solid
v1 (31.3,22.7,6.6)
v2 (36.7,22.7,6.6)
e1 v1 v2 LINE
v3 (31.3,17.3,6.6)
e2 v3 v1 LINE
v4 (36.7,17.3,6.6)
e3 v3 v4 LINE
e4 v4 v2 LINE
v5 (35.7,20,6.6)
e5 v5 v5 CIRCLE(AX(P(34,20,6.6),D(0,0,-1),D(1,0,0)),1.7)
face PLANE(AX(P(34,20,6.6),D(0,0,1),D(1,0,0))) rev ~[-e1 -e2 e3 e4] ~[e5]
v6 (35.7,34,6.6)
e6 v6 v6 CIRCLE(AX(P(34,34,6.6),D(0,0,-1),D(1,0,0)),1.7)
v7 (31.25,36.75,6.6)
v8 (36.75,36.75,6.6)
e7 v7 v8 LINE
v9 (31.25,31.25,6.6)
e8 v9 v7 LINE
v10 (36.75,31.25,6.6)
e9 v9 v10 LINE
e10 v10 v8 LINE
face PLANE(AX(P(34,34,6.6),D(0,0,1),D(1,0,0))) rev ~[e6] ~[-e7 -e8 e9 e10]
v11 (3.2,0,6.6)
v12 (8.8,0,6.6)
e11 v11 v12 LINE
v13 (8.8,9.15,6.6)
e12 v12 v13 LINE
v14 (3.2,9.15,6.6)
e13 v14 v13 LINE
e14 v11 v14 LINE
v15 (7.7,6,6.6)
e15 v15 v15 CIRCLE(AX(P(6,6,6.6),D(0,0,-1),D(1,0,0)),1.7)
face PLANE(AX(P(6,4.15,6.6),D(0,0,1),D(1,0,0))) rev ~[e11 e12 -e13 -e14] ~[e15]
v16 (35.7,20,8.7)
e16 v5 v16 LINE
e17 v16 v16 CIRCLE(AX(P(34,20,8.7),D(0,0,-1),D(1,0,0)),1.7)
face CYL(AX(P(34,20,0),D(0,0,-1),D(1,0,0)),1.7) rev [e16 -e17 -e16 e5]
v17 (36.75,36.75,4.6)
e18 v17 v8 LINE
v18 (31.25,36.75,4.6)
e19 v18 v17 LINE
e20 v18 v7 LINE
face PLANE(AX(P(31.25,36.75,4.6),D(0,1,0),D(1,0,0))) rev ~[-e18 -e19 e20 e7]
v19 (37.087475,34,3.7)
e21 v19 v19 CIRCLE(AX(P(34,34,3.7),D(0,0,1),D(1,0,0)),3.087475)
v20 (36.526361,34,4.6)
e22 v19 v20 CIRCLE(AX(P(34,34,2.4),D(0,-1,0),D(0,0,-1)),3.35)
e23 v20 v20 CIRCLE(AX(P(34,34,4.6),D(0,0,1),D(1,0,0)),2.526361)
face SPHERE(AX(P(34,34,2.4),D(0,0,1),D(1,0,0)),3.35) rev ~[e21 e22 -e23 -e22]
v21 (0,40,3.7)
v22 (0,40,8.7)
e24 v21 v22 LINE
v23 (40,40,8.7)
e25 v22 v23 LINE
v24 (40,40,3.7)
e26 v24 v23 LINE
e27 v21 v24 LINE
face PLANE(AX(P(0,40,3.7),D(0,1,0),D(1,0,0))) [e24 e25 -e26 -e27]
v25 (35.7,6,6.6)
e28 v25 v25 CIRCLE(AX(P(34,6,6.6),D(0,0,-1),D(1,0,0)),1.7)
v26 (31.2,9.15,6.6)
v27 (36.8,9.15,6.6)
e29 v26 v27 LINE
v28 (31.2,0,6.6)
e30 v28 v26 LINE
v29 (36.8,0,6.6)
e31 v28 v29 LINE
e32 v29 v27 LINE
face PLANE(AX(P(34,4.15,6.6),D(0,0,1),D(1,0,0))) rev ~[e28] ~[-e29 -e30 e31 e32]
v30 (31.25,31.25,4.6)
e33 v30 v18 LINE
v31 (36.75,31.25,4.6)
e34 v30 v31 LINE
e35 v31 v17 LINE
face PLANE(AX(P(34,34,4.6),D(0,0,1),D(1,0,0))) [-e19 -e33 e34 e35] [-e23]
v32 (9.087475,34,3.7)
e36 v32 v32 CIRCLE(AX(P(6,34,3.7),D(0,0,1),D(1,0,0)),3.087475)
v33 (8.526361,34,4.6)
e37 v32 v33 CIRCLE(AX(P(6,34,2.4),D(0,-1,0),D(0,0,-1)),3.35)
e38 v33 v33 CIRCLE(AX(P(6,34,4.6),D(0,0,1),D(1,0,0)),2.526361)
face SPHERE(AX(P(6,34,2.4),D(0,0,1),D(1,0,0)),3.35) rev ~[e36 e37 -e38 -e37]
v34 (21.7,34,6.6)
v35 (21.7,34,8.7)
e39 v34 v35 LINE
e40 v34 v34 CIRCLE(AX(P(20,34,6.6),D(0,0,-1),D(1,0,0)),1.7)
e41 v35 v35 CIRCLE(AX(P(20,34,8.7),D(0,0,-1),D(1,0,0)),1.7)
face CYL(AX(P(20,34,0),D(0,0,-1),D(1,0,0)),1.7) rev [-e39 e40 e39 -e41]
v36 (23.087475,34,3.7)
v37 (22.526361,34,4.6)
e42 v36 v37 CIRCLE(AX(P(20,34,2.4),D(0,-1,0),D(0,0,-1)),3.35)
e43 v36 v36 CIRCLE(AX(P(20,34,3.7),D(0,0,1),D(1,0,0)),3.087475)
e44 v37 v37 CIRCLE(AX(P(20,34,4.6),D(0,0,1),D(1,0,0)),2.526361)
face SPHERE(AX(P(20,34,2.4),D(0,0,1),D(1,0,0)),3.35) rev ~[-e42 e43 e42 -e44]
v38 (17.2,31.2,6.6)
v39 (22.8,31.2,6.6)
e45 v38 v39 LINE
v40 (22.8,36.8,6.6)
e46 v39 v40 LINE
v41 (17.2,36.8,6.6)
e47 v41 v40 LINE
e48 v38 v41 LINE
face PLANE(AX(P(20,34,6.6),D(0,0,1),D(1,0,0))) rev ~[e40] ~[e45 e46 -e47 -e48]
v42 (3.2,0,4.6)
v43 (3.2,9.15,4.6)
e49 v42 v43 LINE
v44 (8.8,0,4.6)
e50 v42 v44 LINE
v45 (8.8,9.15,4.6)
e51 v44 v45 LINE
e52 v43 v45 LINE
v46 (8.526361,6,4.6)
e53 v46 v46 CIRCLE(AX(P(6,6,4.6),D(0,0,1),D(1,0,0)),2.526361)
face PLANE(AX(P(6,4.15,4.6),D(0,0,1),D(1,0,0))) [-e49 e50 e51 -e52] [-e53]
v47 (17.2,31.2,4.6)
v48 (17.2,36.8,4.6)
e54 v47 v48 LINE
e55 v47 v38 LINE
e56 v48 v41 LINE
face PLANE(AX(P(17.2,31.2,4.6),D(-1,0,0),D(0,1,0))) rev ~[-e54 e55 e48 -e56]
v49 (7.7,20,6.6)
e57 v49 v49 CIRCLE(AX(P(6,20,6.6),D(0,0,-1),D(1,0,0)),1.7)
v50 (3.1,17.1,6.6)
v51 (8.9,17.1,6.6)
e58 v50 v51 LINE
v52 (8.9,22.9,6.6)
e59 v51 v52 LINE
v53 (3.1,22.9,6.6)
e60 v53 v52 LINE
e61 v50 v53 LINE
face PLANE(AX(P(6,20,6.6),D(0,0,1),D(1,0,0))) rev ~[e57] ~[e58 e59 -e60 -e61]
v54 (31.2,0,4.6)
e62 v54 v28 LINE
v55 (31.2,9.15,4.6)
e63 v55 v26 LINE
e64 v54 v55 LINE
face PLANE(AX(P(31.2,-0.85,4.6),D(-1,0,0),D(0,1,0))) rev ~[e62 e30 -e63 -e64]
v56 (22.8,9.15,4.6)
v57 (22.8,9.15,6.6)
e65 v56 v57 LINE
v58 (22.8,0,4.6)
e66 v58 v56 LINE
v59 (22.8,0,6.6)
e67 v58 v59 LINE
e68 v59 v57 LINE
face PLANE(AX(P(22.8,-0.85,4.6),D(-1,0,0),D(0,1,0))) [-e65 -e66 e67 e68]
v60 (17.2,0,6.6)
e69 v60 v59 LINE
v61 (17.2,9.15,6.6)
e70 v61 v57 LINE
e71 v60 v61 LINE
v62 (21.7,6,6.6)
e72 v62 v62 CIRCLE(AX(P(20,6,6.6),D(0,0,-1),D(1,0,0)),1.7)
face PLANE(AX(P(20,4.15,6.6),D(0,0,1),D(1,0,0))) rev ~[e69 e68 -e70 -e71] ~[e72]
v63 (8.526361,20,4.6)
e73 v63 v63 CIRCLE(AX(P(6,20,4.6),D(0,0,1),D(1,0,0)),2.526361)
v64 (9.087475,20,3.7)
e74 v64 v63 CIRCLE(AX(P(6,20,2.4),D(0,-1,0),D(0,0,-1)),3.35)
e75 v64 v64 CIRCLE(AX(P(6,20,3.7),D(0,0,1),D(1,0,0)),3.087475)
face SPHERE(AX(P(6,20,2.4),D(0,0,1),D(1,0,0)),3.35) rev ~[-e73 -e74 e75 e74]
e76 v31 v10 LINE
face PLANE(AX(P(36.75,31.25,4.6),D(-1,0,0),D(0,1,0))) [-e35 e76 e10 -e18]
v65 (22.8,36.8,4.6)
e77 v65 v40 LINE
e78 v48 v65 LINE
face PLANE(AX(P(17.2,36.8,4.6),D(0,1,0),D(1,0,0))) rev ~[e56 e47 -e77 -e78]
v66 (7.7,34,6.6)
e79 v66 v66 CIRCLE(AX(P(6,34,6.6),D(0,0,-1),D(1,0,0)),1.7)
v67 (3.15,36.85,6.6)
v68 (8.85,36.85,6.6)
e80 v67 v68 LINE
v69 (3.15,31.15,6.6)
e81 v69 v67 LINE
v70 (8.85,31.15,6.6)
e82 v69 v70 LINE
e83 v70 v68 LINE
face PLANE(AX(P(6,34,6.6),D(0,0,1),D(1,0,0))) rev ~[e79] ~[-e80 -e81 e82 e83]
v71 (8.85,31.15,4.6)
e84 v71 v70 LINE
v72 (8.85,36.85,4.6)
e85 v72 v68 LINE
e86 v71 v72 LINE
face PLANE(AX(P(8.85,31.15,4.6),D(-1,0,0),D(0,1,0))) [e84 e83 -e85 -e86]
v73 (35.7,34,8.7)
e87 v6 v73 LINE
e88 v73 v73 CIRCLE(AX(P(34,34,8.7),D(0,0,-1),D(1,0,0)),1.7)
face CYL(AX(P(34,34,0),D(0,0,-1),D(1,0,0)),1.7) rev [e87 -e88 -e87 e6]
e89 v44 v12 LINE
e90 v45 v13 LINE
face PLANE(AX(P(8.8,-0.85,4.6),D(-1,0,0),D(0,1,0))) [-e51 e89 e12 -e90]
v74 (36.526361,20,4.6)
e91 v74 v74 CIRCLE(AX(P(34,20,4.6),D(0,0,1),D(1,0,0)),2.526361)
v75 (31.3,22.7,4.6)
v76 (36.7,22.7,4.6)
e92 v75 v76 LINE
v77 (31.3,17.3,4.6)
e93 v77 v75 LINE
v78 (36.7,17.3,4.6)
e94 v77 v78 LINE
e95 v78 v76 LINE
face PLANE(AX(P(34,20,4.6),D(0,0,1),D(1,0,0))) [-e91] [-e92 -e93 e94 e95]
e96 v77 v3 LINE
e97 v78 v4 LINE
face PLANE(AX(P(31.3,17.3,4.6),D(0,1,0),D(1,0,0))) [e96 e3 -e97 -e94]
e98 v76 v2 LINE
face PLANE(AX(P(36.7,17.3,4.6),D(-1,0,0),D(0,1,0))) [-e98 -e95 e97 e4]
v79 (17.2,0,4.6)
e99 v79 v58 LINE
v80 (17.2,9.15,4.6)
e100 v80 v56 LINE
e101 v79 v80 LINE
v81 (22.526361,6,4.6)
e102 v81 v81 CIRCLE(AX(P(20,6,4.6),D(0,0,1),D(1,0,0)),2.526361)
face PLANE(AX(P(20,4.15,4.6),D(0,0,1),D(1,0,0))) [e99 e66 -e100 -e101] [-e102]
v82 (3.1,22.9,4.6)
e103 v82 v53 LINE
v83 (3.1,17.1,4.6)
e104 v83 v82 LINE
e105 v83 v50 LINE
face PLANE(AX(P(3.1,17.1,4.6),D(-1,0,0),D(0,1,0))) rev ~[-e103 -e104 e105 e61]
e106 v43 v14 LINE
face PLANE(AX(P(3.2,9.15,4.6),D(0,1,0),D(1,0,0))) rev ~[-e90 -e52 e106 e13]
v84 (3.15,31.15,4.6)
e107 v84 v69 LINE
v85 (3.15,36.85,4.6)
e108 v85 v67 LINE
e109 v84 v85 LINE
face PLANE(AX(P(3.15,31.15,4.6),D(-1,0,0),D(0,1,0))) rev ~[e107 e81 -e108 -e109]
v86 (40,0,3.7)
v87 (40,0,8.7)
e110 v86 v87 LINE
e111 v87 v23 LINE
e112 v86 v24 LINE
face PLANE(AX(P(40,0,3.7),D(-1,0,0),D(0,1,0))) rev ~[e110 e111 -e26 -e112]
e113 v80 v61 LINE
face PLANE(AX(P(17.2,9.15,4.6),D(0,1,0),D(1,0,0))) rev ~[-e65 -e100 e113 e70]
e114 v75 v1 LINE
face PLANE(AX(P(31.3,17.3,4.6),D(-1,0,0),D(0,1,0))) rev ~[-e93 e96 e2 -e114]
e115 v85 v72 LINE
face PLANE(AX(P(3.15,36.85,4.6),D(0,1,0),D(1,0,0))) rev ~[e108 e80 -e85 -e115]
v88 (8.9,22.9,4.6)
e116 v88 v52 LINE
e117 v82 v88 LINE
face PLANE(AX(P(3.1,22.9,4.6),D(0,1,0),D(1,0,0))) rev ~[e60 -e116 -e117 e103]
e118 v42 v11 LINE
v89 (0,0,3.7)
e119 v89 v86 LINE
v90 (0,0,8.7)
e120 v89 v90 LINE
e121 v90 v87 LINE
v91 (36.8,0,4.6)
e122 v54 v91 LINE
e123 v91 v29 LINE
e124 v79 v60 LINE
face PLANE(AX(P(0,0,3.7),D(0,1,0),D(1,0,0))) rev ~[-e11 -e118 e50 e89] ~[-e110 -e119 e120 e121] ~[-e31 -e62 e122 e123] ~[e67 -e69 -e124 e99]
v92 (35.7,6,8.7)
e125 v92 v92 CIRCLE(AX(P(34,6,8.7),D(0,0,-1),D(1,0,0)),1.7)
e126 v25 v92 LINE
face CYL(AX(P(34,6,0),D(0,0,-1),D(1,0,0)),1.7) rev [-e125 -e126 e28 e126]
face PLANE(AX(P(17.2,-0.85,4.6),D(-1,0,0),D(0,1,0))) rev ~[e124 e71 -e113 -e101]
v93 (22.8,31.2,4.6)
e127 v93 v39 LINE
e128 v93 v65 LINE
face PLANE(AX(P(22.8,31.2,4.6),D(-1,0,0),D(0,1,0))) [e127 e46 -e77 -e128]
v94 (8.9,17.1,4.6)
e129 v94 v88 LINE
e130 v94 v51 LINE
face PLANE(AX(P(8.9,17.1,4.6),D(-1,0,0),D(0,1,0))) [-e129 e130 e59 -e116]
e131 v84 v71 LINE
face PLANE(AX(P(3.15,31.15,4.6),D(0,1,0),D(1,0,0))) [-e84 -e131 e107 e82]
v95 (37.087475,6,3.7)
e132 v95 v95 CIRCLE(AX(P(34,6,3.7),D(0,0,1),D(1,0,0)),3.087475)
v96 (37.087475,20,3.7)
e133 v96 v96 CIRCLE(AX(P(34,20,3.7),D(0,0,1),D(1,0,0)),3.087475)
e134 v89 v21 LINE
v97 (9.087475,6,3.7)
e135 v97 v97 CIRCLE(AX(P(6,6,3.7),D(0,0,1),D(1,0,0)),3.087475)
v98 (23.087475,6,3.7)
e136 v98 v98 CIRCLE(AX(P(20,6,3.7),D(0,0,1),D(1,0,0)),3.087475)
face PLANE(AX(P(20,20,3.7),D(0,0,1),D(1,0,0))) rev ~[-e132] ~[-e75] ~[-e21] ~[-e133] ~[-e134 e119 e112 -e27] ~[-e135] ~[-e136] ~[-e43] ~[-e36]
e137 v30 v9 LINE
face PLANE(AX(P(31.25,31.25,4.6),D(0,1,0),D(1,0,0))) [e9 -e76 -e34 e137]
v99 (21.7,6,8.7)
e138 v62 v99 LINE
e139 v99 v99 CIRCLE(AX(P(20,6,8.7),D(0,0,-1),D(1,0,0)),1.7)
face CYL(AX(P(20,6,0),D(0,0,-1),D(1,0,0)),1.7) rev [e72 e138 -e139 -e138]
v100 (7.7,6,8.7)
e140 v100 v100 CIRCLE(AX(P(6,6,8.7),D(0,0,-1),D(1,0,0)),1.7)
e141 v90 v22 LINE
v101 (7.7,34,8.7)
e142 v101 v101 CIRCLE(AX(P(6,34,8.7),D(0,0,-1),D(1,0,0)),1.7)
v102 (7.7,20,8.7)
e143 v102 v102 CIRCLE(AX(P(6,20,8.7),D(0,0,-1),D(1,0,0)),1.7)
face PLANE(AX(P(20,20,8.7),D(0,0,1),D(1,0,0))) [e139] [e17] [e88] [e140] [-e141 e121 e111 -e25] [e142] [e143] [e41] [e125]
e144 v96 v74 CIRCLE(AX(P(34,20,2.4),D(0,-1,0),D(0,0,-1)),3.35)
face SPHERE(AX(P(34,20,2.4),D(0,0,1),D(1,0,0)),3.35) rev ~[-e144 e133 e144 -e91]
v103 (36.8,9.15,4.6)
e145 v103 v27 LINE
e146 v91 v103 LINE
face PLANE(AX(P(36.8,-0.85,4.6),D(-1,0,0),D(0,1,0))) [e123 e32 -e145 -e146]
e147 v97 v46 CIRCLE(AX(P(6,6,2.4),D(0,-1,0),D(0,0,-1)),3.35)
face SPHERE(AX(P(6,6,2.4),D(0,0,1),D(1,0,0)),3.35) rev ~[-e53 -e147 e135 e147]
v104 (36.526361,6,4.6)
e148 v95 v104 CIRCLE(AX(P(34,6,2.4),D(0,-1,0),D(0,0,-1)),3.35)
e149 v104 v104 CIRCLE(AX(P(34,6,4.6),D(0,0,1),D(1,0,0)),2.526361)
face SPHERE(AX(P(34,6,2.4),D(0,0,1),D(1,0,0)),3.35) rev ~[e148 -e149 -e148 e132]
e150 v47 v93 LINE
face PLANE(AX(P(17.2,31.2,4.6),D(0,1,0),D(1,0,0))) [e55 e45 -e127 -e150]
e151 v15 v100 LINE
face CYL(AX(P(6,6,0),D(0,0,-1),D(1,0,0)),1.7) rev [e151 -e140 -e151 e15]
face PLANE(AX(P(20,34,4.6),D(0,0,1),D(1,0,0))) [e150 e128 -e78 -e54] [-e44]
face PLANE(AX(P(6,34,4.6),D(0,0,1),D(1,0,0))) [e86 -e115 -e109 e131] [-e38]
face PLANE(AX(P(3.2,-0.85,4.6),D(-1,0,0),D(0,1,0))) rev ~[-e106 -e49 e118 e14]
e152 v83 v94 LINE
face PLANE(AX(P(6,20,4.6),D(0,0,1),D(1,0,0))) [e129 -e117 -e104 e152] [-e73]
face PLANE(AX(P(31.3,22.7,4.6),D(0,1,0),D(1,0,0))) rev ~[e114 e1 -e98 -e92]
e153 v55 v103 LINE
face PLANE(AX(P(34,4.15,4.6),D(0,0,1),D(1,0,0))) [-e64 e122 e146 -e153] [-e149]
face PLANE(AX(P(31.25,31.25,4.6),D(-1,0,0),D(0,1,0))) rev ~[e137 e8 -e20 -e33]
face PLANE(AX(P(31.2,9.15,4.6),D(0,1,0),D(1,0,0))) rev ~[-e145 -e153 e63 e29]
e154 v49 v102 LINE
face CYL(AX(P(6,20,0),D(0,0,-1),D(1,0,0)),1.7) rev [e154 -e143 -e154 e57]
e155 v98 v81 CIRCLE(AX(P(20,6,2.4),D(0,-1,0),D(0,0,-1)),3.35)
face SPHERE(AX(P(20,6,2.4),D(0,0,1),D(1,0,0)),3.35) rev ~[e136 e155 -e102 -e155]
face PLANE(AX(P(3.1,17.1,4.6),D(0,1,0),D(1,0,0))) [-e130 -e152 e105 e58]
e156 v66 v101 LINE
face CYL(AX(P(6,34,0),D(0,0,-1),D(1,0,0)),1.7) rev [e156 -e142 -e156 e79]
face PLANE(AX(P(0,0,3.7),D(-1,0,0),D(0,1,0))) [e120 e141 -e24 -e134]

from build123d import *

# Parameters (mm, degrees)
CYLINDER004_R     = 1.7
CYLINDER004_DEPTH = 10
CYLINDER007_R     = 1.7
CYLINDER007_DEPTH = 10
CYLINDER005_R     = 1.7
CYLINDER005_DEPTH = 10
CYLINDER006_R     = 1.7
CYLINDER006_DEPTH = 10
CYLINDER001_R     = 1.7
CYLINDER001_DEPTH = 10
CYLINDER002_R     = 1.7
CYLINDER002_DEPTH = 10
CYLINDER003_R     = 1.7
CYLINDER003_DEPTH = 10
CYLINDER_R        = 1.7
CYLINDER_DEPTH    = 10
BOX065_W          = 5.8
BOX065_H          = 5.8
BOX065_DEPTH      = 2
BOX062_W          = 5.4
BOX062_H          = 5.4
BOX062_DEPTH      = 2
BOX063_W          = 5.7
BOX063_H          = 5.7
BOX063_DEPTH      = 2
BOX064_W          = 5.5
BOX064_H          = 5.5
BOX064_DEPTH      = 2
BOX066_W          = 5.6
BOX066_H          = 10
BOX066_DEPTH      = 2
BOX059_W          = 5.6
BOX059_H          = 5.6
BOX059_DEPTH      = 2
BOX060_W          = 5.6
BOX060_H          = 10
BOX060_DEPTH      = 2
BOX061_W          = 5.6
BOX061_H          = 10
BOX061_DEPTH      = 2
BOX058_W          = 40
BOX058_H          = 40
BOX058_DEPTH      = 5


with BuildPart() as cylinder004:
    # Cylinder004 → Cylinder004 (new body)
    with BuildSketch(Plane(origin=(20, 34, 0), x_dir=(1, 0, 0), z_dir=(0, 0, 1))):
        Circle(CYLINDER004_R)
    extrude(amount=CYLINDER004_DEPTH)


with BuildPart() as cylinder007:
    # Cylinder007 → Cylinder007 (new body)
    with BuildSketch(Plane(origin=(34, 20, 0), x_dir=(1, 0, 0), z_dir=(0, 0, 1))):
        Circle(CYLINDER007_R)
    extrude(amount=CYLINDER007_DEPTH)


with BuildPart() as cylinder005:
    # Cylinder005 → Cylinder005 (new body)
    with BuildSketch(Plane(origin=(6, 34, 0), x_dir=(1, 0, 0), z_dir=(0, 0, 1))):
        Circle(CYLINDER005_R)
    extrude(amount=CYLINDER005_DEPTH)


with BuildPart() as cylinder006:
    # Cylinder006 → Cylinder006 (new body)
    with BuildSketch(Plane(origin=(6, 20, 0), x_dir=(1, 0, 0), z_dir=(0, 0, 1))):
        Circle(CYLINDER006_R)
    extrude(amount=CYLINDER006_DEPTH)


with BuildPart() as cylinder001:
    # Cylinder001 → Cylinder001 (new body)
    with BuildSketch(Plane(origin=(20, 6, 0), x_dir=(1, 0, 0), z_dir=(0, 0, 1))):
        Circle(CYLINDER001_R)
    extrude(amount=CYLINDER001_DEPTH)


with BuildPart() as cylinder002:
    # Cylinder002 → Cylinder002 (new body)
    with BuildSketch(Plane(origin=(34, 6, 0), x_dir=(1, 0, 0), z_dir=(0, 0, 1))):
        Circle(CYLINDER002_R)
    extrude(amount=CYLINDER002_DEPTH)


with BuildPart() as cylinder003:
    # Cylinder003 → Cylinder003 (new body)
    with BuildSketch(Plane(origin=(34, 34, 0), x_dir=(1, 0, 0), z_dir=(0, 0, 1))):
        Circle(CYLINDER003_R)
    extrude(amount=CYLINDER003_DEPTH)


with BuildPart() as fusion018:
    # Cylinder → Cylinder (new body)
    with BuildSketch(Plane(origin=(6, 6, 0), x_dir=(1, 0, 0), z_dir=(0, 0, 1))):
        Circle(CYLINDER_R)
    extrude(amount=CYLINDER_DEPTH)

    # Fusion018: union Cylinder004, Cylinder007, Cylinder005, Cylinder006, Cylinder001, Cylinder002, Cylinder003
    add(cylinder004.part)
    add(cylinder007.part)
    add(cylinder005.part)
    add(cylinder006.part)
    add(cylinder001.part)
    add(cylinder002.part)
    add(cylinder003.part)


with BuildPart() as sphere024:
    # Sphere024 → Sphere024 (revolve)
    with BuildSketch(Plane(origin=(6, 34, 2.4), x_dir=(1, 0, 0), z_dir=(0, -1, 0))):
        with BuildLine():
            ThreePointArc((0, -3.35), (3.35, 0), (0, 3.35))
            Line((0, 3.35), (0, -3.35))
        make_face()
    revolve(axis=Axis((6, 34, 2.4), (0, 0, 1)))


with BuildPart() as nut_clearence1:
    # Sphere006 → Sphere006 (revolve)
    with BuildSketch(Plane(origin=(6, 6, 2.4), x_dir=(1, 0, 0), z_dir=(0, -1, 0))):
        with BuildLine():
            ThreePointArc((0, -3.35), (3.35, 0), (0, 3.35))
            Line((0, 3.35), (0, -3.35))
        make_face()
    revolve(axis=Axis((6, 6, 2.4), (0, 0, 1)))


with BuildPart() as sphere025:
    # Sphere025 → Sphere025 (revolve)
    with BuildSketch(Plane(origin=(20, 6, 2.4), x_dir=(1, 0, 0), z_dir=(0, -1, 0))):
        with BuildLine():
            ThreePointArc((0, -3.35), (3.35, 0), (0, 3.35))
            Line((0, 3.35), (0, -3.35))
        make_face()
    revolve(axis=Axis((20, 6, 2.4), (0, 0, 1)))


with BuildPart() as sphere001:
    # Sphere001 → Sphere001 (revolve)
    with BuildSketch(Plane(origin=(34, 6, 2.4), x_dir=(1, 0, 0), z_dir=(0, -1, 0))):
        with BuildLine():
            ThreePointArc((0, -3.35), (3.35, 0), (0, 3.35))
            Line((0, 3.35), (0, -3.35))
        make_face()
    revolve(axis=Axis((34, 6, 2.4), (0, 0, 1)))


with BuildPart() as sphere026:
    # Sphere026 → Sphere026 (revolve)
    with BuildSketch(Plane(origin=(20, 34, 2.4), x_dir=(1, 0, 0), z_dir=(0, -1, 0))):
        with BuildLine():
            ThreePointArc((0, -3.35), (3.35, 0), (0, 3.35))
            Line((0, 3.35), (0, -3.35))
        make_face()
    revolve(axis=Axis((20, 34, 2.4), (0, 0, 1)))


with BuildPart() as sphere004:
    # Sphere004 → Sphere004 (revolve)
    with BuildSketch(Plane(origin=(6, 20, 2.4), x_dir=(1, 0, 0), z_dir=(0, -1, 0))):
        with BuildLine():
            ThreePointArc((0, -3.35), (3.35, 0), (0, 3.35))
            Line((0, 3.35), (0, -3.35))
        make_face()
    revolve(axis=Axis((6, 20, 2.4), (0, 0, 1)))


with BuildPart() as sphere002:
    # Sphere002 → Sphere002 (revolve)
    with BuildSketch(Plane(origin=(34, 34, 2.4), x_dir=(1, 0, 0), z_dir=(0, -1, 0))):
        with BuildLine():
            ThreePointArc((0, -3.35), (3.35, 0), (0, 3.35))
            Line((0, 3.35), (0, -3.35))
        make_face()
    revolve(axis=Axis((34, 34, 2.4), (0, 0, 1)))


with BuildPart() as fusion019:
    # Sphere007 → Sphere007 (revolve)
    with BuildSketch(Plane(origin=(34, 20, 2.4), x_dir=(1, 0, 0), z_dir=(0, -1, 0))):
        with BuildLine():
            ThreePointArc((0, -3.35), (3.35, 0), (0, 3.35))
            Line((0, 3.35), (0, -3.35))
        make_face()
    revolve(axis=Axis((34, 20, 2.4), (0, 0, 1)))

    # Fusion019: union Sphere024, Nut Clearence1, Sphere025, Sphere001, Sphere026, Sphere004, Sphere002
    add(sphere024.part)
    add(nut_clearence1.part)
    add(sphere025.part)
    add(sphere001.part)
    add(sphere026.part)
    add(sphere004.part)
    add(sphere002.part)


with BuildPart() as box065:
    # Box065 → Box065 (new body)
    with BuildSketch(Plane(origin=(3.1, 17.1, 4.6), x_dir=(1, 0, 0), z_dir=(0, 0, 1))):
        with Locations((2.9, 2.9)):
            Rectangle(BOX065_W, BOX065_H)
    extrude(amount=BOX065_DEPTH)


with BuildPart() as box062:
    # Box062 → Box062 (new body)
    with BuildSketch(Plane(origin=(31.3, 17.3, 4.6), x_dir=(1, 0, 0), z_dir=(0, 0, 1))):
        with Locations((2.7, 2.7)):
            Rectangle(BOX062_W, BOX062_H)
    extrude(amount=BOX062_DEPTH)


with BuildPart() as box063:
    # Box063 → Box063 (new body)
    with BuildSketch(Plane(origin=(3.15, 31.15, 4.6), x_dir=(1, 0, 0), z_dir=(0, 0, 1))):
        with Locations((2.85, 2.85)):
            Rectangle(BOX063_W, BOX063_H)
    extrude(amount=BOX063_DEPTH)


with BuildPart() as box064:
    # Box064 → Box064 (new body)
    with BuildSketch(Plane(origin=(31.25, 31.25, 4.6), x_dir=(1, 0, 0), z_dir=(0, 0, 1))):
        with Locations((2.75, 2.75)):
            Rectangle(BOX064_W, BOX064_H)
    extrude(amount=BOX064_DEPTH)


with BuildPart() as box066:
    # Box066 → Box066 (new body)
    with BuildSketch(Plane(origin=(3.2, -0.85, 4.6), x_dir=(1, 0, 0), z_dir=(0, 0, 1))):
        with Locations((2.8, 5)):
            Rectangle(BOX066_W, BOX066_H)
    extrude(amount=BOX066_DEPTH)


with BuildPart() as box059:
    # Box059 → Box059 (new body)
    with BuildSketch(Plane(origin=(17.2, 31.2, 4.6), x_dir=(1, 0, 0), z_dir=(0, 0, 1))):
        with Locations((2.8, 2.8)):
            Rectangle(BOX059_W, BOX059_H)
    extrude(amount=BOX059_DEPTH)


with BuildPart() as box060:
    # Box060 → Box060 (new body)
    with BuildSketch(Plane(origin=(17.2, -0.85, 4.6), x_dir=(1, 0, 0), z_dir=(0, 0, 1))):
        with Locations((2.8, 5)):
            Rectangle(BOX060_W, BOX060_H)
    extrude(amount=BOX060_DEPTH)


with BuildPart() as fusion020:
    # Box061 → Box061 (new body)
    with BuildSketch(Plane(origin=(31.2, -0.85, 4.6), x_dir=(1, 0, 0), z_dir=(0, 0, 1))):
        with Locations((2.8, 5)):
            Rectangle(BOX061_W, BOX061_H)
    extrude(amount=BOX061_DEPTH)

    # Fusion020: union Box065, Box062, Box063, Box064, Box066, Box059, Box060
    add(box065.part)
    add(box062.part)
    add(box063.part)
    add(box064.part)
    add(box066.part)
    add(box059.part)
    add(box060.part)


with BuildPart() as cut018:
    # Box058 → Box058 (new body)
    with BuildSketch(Plane.XY.offset(3.7)):
        with Locations((20, 20)):
            Rectangle(BOX058_W, BOX058_H)
    extrude(amount=BOX058_DEPTH)

    # Cut017: cut Fusion020
    add(fusion020.part, mode=Mode.SUBTRACT)

    # Cut019: cut Fusion019
    add(fusion019.part, mode=Mode.SUBTRACT)

    # Cut018: cut Fusion018
    add(fusion018.part, mode=Mode.SUBTRACT)


solid = cut018.part
